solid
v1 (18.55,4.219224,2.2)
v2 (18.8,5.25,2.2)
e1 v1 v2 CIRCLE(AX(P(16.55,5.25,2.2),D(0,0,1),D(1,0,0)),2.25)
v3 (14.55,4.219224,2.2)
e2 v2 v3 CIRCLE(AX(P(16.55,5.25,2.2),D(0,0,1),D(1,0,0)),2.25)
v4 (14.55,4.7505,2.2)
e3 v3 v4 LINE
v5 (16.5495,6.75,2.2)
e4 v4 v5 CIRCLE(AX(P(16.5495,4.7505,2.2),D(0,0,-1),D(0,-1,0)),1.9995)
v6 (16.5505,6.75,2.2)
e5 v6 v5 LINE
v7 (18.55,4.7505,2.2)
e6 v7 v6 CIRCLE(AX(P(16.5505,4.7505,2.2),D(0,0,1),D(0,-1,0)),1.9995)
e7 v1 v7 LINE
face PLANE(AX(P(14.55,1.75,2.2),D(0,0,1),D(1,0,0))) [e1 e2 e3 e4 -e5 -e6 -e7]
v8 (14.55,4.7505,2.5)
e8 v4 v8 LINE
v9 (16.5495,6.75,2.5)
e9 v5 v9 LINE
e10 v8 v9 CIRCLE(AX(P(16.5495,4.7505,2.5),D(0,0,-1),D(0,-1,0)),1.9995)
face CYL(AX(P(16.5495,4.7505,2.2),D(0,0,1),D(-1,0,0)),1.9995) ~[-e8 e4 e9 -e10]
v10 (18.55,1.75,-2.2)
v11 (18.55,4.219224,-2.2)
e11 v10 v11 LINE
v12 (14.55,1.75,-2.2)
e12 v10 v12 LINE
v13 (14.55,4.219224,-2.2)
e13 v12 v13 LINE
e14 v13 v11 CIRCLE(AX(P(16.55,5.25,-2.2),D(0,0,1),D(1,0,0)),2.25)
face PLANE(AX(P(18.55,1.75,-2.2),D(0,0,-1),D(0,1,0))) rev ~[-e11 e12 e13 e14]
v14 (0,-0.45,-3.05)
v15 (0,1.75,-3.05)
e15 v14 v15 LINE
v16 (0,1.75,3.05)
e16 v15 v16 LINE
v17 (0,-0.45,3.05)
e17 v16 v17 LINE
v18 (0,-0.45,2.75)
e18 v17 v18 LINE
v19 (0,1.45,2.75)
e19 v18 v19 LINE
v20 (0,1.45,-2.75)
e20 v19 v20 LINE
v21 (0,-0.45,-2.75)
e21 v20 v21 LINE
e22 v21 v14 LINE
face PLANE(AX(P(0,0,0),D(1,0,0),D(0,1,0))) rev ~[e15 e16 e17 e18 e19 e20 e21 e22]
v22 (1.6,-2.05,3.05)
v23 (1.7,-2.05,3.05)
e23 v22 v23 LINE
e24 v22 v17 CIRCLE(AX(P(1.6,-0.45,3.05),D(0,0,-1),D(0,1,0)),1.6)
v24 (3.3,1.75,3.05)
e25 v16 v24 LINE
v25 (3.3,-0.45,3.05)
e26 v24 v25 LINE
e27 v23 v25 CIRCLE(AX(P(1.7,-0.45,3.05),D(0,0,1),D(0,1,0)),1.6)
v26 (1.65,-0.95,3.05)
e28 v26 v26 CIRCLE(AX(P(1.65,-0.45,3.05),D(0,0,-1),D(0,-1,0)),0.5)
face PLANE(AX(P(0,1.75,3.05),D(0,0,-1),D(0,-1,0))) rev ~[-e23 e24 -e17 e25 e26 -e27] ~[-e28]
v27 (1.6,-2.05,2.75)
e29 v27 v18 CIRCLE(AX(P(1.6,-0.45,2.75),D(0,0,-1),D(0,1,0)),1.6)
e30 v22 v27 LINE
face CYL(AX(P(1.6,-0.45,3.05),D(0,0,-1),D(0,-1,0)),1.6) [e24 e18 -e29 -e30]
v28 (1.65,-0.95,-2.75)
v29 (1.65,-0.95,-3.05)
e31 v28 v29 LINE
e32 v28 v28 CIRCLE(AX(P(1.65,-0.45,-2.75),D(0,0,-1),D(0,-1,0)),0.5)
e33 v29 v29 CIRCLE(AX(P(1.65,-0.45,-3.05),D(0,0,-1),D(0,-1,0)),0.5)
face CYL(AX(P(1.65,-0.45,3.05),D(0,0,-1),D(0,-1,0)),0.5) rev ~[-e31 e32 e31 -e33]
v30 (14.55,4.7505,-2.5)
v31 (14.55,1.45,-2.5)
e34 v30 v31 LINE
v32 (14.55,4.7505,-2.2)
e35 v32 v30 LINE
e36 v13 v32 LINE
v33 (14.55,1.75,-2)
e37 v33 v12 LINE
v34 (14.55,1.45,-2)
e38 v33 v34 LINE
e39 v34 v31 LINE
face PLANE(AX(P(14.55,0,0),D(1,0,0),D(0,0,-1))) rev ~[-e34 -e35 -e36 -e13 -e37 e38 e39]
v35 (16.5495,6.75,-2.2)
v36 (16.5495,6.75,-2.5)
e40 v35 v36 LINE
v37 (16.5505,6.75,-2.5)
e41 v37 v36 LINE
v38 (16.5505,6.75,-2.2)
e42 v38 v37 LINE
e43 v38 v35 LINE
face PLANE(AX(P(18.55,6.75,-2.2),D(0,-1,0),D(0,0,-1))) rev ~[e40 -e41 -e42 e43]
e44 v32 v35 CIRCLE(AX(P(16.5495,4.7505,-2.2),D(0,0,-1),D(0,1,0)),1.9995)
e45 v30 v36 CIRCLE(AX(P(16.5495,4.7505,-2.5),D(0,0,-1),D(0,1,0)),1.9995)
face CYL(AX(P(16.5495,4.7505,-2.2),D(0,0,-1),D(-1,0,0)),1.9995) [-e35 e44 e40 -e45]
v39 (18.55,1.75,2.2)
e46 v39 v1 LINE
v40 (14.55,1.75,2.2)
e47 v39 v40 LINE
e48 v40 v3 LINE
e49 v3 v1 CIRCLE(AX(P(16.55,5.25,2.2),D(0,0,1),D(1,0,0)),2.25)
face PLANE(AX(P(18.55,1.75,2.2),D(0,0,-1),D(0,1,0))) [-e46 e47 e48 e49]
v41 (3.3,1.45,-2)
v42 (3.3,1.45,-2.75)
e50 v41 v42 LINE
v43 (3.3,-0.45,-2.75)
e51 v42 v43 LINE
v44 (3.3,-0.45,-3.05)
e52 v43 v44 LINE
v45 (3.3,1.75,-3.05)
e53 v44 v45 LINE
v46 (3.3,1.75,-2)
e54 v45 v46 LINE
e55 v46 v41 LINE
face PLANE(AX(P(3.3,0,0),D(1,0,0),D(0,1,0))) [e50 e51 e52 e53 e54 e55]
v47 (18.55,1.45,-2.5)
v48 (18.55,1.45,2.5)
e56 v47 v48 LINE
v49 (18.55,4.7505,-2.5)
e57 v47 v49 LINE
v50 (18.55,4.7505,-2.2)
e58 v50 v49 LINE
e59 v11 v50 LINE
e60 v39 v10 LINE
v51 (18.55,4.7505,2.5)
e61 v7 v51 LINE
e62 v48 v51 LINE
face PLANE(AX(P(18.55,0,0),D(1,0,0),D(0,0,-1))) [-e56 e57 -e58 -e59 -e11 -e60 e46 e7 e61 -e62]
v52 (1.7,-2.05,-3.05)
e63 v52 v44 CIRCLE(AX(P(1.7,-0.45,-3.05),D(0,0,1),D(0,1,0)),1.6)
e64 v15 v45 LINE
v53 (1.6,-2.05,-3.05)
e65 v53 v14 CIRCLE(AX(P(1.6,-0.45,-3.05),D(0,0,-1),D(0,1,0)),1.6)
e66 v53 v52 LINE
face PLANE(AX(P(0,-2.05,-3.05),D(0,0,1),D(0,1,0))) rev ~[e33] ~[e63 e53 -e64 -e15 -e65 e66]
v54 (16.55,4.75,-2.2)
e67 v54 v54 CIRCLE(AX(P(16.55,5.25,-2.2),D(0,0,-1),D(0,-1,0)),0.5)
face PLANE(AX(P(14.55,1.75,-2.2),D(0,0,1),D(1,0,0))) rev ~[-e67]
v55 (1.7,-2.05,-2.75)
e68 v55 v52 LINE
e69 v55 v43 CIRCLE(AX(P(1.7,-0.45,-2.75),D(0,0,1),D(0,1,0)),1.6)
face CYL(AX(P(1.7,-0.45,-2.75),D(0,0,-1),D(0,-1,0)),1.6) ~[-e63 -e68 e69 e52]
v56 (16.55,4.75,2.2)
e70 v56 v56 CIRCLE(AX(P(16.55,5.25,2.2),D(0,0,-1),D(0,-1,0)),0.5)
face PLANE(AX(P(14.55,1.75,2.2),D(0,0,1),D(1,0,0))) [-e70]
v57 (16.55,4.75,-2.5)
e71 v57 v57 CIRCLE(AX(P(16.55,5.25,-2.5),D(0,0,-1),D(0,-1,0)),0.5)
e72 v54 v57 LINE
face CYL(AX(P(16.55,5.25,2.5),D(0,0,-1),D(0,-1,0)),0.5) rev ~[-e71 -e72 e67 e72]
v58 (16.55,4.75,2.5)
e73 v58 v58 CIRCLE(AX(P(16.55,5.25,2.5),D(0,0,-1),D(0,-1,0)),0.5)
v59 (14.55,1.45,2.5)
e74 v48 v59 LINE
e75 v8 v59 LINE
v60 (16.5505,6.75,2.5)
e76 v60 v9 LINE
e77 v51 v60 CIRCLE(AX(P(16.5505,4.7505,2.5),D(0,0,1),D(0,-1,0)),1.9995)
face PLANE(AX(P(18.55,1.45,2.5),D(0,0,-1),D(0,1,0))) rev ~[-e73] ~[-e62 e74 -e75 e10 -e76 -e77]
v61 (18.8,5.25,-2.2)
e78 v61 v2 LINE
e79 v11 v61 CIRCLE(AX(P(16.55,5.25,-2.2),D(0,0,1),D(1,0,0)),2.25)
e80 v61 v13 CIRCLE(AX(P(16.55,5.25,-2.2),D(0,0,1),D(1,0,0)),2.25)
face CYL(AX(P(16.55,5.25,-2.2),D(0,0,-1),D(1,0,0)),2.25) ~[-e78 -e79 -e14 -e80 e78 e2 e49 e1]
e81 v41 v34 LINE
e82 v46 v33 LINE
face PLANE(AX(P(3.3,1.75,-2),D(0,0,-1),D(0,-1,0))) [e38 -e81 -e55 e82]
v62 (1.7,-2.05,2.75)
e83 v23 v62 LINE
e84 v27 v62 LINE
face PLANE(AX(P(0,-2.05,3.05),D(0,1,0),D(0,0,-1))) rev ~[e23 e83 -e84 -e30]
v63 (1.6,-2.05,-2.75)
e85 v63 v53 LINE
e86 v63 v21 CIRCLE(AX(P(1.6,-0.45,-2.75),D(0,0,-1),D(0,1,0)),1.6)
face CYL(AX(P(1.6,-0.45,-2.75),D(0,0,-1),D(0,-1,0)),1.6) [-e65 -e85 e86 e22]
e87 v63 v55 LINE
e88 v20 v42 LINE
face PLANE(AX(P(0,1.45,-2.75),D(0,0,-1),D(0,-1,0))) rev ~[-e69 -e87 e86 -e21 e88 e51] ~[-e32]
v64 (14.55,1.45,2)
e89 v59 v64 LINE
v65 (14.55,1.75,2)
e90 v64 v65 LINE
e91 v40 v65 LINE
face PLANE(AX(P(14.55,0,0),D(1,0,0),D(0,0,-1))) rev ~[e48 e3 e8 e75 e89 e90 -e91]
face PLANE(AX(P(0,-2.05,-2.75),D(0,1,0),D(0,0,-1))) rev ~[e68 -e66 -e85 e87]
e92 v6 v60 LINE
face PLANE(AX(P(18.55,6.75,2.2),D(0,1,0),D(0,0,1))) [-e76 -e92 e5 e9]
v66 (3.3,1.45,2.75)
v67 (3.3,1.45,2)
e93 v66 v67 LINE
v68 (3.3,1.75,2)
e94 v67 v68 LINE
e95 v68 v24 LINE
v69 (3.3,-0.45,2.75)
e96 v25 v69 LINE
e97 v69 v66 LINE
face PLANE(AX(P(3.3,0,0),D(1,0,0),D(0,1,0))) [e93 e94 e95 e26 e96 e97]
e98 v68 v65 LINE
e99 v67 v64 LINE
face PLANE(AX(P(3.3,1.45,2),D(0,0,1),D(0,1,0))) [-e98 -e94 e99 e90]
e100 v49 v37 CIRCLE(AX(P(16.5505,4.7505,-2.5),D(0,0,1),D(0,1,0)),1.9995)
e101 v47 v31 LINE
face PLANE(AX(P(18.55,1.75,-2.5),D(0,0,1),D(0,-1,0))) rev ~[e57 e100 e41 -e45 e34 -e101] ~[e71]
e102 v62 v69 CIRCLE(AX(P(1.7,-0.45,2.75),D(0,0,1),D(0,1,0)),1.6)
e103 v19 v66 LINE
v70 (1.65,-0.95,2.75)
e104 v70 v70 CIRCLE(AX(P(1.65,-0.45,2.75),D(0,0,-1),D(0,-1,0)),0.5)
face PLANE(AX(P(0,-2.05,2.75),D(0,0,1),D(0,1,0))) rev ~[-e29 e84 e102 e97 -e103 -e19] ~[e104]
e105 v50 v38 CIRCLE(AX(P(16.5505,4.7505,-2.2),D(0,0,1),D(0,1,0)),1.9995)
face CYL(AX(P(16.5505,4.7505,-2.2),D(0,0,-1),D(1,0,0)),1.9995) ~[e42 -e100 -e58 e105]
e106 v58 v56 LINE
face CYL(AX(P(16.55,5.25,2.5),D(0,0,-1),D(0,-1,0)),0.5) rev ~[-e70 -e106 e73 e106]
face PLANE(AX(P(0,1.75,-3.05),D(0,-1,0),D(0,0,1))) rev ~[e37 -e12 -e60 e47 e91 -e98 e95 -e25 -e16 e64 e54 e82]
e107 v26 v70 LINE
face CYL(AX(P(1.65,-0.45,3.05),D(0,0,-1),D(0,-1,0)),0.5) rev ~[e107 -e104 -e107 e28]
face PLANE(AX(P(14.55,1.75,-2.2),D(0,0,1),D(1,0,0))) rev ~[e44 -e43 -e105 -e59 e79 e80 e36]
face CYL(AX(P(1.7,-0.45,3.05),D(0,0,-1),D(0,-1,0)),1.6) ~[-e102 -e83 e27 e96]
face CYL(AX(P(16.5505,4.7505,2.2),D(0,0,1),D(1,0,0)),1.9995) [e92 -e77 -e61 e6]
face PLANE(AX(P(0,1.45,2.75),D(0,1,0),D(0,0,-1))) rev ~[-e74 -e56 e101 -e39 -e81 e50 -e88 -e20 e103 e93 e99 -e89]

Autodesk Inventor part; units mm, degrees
ref_plane "YZ Plane" through (0, 0, 0) normal (1, 0, 0) x (0, 1, 0)
ref_plane "XZ Plane" through (0, 0, 0) normal (0, 1, 0) x (-1, 0, 0)
ref_plane "XY Plane" through (0, 0, 0) normal (0, 0, 1) x (1, 0, 0)
sketch "Sketch1" plane through (0, 0, 0) normal (1, 0, 0) x (0, 1, 0)
  line L0 (1.75, 3.05) -> (-2.05, 3.05)
  line L1 (-2.05, 3.05) -> (-2.05, 2.75)
  line L2 (-2.05, 2.75) -> (1.45, 2.75)
  line L3 (1.45, 2.75) -> (1.45, -2.75)
  line L4 (1.45, -2.75) -> (-2.05, -2.75)
  line L5 (-2.05, -2.75) -> (-2.05, -3.05)
  line L6 (-2.05, -3.05) -> (1.75, -3.05)
  line L7 (1.75, -3.05) -> (1.75, 3.05)
  point P0 (0, 0)
  dimension "d0" = 0.3
  dimension "d1" = 0.3
  dimension "d2" = 0.3
  dimension "d4" = 3.5
  dimension "d15" = 6.1
  dimension "d16" = 3.05
  dimension "d17" = 1.75
extrude "Extrusion1" add sketch "Sketch1" along normal blind 3.3
fillet "Fillet1" radius 1.6 4 edges at (3.3, -2.05, 2.9) (0, -2.05, 2.9) (0, -2.05, -2.9) (3.3, -2.05, -2.9)
sketch "Sketch2" plane through (0, 1.75, 3.05) normal (0, 0, 1) x (1, 0, 0)
  arc A0 (1.7, -3.8) -> (3.3, -2.2) centre (1.7, -2.2) ccw projected
  arc A1 (0, -2.2) -> (1.6, -3.8) centre (1.6, -2.2) ccw projected
  line L0 (1.6, -2.2) -> (1.7, -2.2)
  point P0 (0, -1.75)
  point P1 (1.65, -2.2)
hole "Hole1" at (1.65, -0.45, 3.05) direction (0, 0, -1) diameter 1 end through all
sketch "Sketch3" plane through (3.3, 0, 0) normal (1, 0, 0) x (0, 0, -1)
  line L0 (3.05, 1.75) -> (-3.05, 1.75) projected
  line L1 (0, 1.75) -> (0, 1.45)
  line L2 (-2.75, 1.45) -> (2.75, 1.45) projected
  line L3 (2, 1.45) -> (-2, 1.45)
  line L4 (-2, 1.45) -> (-2, 1.75)
  line L5 (-2, 1.75) -> (2, 1.75)
  line L6 (2, 1.75) -> (2, 1.45)
  line L7 (2, 1.45) -> (-2, 1.75) construction
  line L8 (-2, 1.45) -> (2, 1.75) construction
  point P0 (0, 0)
  point P1 (0, 1.6)
  dimension "d18" = 4
extrude "Extrusion2" add sketch "Sketch3" along normal blind 15.25
sketch "Sketch4" plane through (18.55, 0, 0) normal (1, 0, 0) x (0, 0, -1)
  line L0 (-2.75, 1.45) -> (2.75, 1.45) projected
  line L1 (0, 1.45) -> (0, 1.75)
  line L2 (3.05, 1.75) -> (-3.05, 1.75) projected
  line L3 (2.5, 1.45) -> (-2.5, 1.45)
  line L4 (-2.5, 1.45) -> (-2.5, 1.75)
  line L5 (-2.5, 1.75) -> (2.5, 1.75)
  line L6 (2.5, 1.75) -> (2.5, 1.45)
  line L7 (2.5, 1.45) -> (-2.5, 1.75) construction
  line L8 (-2.5, 1.45) -> (2.5, 1.75) construction
  line L9 (-2.5, 1.75) -> (-2.2, 1.75)
  line L10 (-2.2, 1.75) -> (-2.2, 6.75)
  line L11 (-2.2, 6.75) -> (-2.5, 6.75)
  line L12 (-2.5, 6.75) -> (-2.5, 1.75)
  line L13 (2.5, 1.75) -> (2.2, 1.75)
  line L14 (2.2, 1.75) -> (2.2, 6.75)
  line L15 (2.2, 6.75) -> (2.5, 6.75)
  line L16 (2.5, 6.75) -> (2.5, 1.75)
  point P0 (0, 0)
  point P1 (0, 1.6)
  dimension "d21" = 5
  dimension "d22" = 0.3
  dimension "d23" = 0.3
  dimension "d24" = 5
extrude "Extrusion3" add sketch "Sketch4" against normal blind 4
fillet "Fillet2" radius 2 4 edges at (18.55, 6.75, 2.35) (14.55, 6.75, 2.35) (14.55, 6.75, -2.35) (18.55, 6.75, -2.35)
sketch "Sketch5" plane through (14.55, 1.45, 2.5) normal (0, 0, 1) x (1, 0, 0)
  arc A0 (4, 3.3) -> (0, 3.3) centre (2, 3.3) ccw projected
  point P0 (-14.55, -1.45)
  point P1 (2, 3.8)
  dimension "d35" = 0.5
hole "Hole2" at (16.55, 5.25, 2.5) direction (0, 0, -1) diameter 1 end through all
sketch "Sketch6" plane through (14.55, 1.75, -2.2) normal (0, 0, 1) x (1, 0, 0)
  circle A0 centre (2, 3.5) radius 0.5 projected
  circle A1 centre (2, 3.5) radius 0.5 projected
  circle A2 centre (2, 3.5) radius 2.25
  point P0 (-14.55, -1.75)
  dimension "d36" = 4.5
extrude "Extrusion4" add sketch "Sketch6" along normal blind 4.4 contours A0 | A2
ref_plane "Work Plane1" through (-1.2438, 1.2458, -3.05) normal (-0.9978, 0.0664, 0) x (-0.0664, -0.9978, 0)
sketch "Sketch7" plane through (-1.2438, 1.2458, -3.05) normal (-0.9978, 0.0664, 0) x (-0.0664, -0.9978, 0)
  circle A0 centre (-6.8395, 3.05) radius 0.875
  point P0 (1.1605, 3.05)
  dimension "d39" = 1.75
  dimension "d40" = 8
properties part number "Arm"
